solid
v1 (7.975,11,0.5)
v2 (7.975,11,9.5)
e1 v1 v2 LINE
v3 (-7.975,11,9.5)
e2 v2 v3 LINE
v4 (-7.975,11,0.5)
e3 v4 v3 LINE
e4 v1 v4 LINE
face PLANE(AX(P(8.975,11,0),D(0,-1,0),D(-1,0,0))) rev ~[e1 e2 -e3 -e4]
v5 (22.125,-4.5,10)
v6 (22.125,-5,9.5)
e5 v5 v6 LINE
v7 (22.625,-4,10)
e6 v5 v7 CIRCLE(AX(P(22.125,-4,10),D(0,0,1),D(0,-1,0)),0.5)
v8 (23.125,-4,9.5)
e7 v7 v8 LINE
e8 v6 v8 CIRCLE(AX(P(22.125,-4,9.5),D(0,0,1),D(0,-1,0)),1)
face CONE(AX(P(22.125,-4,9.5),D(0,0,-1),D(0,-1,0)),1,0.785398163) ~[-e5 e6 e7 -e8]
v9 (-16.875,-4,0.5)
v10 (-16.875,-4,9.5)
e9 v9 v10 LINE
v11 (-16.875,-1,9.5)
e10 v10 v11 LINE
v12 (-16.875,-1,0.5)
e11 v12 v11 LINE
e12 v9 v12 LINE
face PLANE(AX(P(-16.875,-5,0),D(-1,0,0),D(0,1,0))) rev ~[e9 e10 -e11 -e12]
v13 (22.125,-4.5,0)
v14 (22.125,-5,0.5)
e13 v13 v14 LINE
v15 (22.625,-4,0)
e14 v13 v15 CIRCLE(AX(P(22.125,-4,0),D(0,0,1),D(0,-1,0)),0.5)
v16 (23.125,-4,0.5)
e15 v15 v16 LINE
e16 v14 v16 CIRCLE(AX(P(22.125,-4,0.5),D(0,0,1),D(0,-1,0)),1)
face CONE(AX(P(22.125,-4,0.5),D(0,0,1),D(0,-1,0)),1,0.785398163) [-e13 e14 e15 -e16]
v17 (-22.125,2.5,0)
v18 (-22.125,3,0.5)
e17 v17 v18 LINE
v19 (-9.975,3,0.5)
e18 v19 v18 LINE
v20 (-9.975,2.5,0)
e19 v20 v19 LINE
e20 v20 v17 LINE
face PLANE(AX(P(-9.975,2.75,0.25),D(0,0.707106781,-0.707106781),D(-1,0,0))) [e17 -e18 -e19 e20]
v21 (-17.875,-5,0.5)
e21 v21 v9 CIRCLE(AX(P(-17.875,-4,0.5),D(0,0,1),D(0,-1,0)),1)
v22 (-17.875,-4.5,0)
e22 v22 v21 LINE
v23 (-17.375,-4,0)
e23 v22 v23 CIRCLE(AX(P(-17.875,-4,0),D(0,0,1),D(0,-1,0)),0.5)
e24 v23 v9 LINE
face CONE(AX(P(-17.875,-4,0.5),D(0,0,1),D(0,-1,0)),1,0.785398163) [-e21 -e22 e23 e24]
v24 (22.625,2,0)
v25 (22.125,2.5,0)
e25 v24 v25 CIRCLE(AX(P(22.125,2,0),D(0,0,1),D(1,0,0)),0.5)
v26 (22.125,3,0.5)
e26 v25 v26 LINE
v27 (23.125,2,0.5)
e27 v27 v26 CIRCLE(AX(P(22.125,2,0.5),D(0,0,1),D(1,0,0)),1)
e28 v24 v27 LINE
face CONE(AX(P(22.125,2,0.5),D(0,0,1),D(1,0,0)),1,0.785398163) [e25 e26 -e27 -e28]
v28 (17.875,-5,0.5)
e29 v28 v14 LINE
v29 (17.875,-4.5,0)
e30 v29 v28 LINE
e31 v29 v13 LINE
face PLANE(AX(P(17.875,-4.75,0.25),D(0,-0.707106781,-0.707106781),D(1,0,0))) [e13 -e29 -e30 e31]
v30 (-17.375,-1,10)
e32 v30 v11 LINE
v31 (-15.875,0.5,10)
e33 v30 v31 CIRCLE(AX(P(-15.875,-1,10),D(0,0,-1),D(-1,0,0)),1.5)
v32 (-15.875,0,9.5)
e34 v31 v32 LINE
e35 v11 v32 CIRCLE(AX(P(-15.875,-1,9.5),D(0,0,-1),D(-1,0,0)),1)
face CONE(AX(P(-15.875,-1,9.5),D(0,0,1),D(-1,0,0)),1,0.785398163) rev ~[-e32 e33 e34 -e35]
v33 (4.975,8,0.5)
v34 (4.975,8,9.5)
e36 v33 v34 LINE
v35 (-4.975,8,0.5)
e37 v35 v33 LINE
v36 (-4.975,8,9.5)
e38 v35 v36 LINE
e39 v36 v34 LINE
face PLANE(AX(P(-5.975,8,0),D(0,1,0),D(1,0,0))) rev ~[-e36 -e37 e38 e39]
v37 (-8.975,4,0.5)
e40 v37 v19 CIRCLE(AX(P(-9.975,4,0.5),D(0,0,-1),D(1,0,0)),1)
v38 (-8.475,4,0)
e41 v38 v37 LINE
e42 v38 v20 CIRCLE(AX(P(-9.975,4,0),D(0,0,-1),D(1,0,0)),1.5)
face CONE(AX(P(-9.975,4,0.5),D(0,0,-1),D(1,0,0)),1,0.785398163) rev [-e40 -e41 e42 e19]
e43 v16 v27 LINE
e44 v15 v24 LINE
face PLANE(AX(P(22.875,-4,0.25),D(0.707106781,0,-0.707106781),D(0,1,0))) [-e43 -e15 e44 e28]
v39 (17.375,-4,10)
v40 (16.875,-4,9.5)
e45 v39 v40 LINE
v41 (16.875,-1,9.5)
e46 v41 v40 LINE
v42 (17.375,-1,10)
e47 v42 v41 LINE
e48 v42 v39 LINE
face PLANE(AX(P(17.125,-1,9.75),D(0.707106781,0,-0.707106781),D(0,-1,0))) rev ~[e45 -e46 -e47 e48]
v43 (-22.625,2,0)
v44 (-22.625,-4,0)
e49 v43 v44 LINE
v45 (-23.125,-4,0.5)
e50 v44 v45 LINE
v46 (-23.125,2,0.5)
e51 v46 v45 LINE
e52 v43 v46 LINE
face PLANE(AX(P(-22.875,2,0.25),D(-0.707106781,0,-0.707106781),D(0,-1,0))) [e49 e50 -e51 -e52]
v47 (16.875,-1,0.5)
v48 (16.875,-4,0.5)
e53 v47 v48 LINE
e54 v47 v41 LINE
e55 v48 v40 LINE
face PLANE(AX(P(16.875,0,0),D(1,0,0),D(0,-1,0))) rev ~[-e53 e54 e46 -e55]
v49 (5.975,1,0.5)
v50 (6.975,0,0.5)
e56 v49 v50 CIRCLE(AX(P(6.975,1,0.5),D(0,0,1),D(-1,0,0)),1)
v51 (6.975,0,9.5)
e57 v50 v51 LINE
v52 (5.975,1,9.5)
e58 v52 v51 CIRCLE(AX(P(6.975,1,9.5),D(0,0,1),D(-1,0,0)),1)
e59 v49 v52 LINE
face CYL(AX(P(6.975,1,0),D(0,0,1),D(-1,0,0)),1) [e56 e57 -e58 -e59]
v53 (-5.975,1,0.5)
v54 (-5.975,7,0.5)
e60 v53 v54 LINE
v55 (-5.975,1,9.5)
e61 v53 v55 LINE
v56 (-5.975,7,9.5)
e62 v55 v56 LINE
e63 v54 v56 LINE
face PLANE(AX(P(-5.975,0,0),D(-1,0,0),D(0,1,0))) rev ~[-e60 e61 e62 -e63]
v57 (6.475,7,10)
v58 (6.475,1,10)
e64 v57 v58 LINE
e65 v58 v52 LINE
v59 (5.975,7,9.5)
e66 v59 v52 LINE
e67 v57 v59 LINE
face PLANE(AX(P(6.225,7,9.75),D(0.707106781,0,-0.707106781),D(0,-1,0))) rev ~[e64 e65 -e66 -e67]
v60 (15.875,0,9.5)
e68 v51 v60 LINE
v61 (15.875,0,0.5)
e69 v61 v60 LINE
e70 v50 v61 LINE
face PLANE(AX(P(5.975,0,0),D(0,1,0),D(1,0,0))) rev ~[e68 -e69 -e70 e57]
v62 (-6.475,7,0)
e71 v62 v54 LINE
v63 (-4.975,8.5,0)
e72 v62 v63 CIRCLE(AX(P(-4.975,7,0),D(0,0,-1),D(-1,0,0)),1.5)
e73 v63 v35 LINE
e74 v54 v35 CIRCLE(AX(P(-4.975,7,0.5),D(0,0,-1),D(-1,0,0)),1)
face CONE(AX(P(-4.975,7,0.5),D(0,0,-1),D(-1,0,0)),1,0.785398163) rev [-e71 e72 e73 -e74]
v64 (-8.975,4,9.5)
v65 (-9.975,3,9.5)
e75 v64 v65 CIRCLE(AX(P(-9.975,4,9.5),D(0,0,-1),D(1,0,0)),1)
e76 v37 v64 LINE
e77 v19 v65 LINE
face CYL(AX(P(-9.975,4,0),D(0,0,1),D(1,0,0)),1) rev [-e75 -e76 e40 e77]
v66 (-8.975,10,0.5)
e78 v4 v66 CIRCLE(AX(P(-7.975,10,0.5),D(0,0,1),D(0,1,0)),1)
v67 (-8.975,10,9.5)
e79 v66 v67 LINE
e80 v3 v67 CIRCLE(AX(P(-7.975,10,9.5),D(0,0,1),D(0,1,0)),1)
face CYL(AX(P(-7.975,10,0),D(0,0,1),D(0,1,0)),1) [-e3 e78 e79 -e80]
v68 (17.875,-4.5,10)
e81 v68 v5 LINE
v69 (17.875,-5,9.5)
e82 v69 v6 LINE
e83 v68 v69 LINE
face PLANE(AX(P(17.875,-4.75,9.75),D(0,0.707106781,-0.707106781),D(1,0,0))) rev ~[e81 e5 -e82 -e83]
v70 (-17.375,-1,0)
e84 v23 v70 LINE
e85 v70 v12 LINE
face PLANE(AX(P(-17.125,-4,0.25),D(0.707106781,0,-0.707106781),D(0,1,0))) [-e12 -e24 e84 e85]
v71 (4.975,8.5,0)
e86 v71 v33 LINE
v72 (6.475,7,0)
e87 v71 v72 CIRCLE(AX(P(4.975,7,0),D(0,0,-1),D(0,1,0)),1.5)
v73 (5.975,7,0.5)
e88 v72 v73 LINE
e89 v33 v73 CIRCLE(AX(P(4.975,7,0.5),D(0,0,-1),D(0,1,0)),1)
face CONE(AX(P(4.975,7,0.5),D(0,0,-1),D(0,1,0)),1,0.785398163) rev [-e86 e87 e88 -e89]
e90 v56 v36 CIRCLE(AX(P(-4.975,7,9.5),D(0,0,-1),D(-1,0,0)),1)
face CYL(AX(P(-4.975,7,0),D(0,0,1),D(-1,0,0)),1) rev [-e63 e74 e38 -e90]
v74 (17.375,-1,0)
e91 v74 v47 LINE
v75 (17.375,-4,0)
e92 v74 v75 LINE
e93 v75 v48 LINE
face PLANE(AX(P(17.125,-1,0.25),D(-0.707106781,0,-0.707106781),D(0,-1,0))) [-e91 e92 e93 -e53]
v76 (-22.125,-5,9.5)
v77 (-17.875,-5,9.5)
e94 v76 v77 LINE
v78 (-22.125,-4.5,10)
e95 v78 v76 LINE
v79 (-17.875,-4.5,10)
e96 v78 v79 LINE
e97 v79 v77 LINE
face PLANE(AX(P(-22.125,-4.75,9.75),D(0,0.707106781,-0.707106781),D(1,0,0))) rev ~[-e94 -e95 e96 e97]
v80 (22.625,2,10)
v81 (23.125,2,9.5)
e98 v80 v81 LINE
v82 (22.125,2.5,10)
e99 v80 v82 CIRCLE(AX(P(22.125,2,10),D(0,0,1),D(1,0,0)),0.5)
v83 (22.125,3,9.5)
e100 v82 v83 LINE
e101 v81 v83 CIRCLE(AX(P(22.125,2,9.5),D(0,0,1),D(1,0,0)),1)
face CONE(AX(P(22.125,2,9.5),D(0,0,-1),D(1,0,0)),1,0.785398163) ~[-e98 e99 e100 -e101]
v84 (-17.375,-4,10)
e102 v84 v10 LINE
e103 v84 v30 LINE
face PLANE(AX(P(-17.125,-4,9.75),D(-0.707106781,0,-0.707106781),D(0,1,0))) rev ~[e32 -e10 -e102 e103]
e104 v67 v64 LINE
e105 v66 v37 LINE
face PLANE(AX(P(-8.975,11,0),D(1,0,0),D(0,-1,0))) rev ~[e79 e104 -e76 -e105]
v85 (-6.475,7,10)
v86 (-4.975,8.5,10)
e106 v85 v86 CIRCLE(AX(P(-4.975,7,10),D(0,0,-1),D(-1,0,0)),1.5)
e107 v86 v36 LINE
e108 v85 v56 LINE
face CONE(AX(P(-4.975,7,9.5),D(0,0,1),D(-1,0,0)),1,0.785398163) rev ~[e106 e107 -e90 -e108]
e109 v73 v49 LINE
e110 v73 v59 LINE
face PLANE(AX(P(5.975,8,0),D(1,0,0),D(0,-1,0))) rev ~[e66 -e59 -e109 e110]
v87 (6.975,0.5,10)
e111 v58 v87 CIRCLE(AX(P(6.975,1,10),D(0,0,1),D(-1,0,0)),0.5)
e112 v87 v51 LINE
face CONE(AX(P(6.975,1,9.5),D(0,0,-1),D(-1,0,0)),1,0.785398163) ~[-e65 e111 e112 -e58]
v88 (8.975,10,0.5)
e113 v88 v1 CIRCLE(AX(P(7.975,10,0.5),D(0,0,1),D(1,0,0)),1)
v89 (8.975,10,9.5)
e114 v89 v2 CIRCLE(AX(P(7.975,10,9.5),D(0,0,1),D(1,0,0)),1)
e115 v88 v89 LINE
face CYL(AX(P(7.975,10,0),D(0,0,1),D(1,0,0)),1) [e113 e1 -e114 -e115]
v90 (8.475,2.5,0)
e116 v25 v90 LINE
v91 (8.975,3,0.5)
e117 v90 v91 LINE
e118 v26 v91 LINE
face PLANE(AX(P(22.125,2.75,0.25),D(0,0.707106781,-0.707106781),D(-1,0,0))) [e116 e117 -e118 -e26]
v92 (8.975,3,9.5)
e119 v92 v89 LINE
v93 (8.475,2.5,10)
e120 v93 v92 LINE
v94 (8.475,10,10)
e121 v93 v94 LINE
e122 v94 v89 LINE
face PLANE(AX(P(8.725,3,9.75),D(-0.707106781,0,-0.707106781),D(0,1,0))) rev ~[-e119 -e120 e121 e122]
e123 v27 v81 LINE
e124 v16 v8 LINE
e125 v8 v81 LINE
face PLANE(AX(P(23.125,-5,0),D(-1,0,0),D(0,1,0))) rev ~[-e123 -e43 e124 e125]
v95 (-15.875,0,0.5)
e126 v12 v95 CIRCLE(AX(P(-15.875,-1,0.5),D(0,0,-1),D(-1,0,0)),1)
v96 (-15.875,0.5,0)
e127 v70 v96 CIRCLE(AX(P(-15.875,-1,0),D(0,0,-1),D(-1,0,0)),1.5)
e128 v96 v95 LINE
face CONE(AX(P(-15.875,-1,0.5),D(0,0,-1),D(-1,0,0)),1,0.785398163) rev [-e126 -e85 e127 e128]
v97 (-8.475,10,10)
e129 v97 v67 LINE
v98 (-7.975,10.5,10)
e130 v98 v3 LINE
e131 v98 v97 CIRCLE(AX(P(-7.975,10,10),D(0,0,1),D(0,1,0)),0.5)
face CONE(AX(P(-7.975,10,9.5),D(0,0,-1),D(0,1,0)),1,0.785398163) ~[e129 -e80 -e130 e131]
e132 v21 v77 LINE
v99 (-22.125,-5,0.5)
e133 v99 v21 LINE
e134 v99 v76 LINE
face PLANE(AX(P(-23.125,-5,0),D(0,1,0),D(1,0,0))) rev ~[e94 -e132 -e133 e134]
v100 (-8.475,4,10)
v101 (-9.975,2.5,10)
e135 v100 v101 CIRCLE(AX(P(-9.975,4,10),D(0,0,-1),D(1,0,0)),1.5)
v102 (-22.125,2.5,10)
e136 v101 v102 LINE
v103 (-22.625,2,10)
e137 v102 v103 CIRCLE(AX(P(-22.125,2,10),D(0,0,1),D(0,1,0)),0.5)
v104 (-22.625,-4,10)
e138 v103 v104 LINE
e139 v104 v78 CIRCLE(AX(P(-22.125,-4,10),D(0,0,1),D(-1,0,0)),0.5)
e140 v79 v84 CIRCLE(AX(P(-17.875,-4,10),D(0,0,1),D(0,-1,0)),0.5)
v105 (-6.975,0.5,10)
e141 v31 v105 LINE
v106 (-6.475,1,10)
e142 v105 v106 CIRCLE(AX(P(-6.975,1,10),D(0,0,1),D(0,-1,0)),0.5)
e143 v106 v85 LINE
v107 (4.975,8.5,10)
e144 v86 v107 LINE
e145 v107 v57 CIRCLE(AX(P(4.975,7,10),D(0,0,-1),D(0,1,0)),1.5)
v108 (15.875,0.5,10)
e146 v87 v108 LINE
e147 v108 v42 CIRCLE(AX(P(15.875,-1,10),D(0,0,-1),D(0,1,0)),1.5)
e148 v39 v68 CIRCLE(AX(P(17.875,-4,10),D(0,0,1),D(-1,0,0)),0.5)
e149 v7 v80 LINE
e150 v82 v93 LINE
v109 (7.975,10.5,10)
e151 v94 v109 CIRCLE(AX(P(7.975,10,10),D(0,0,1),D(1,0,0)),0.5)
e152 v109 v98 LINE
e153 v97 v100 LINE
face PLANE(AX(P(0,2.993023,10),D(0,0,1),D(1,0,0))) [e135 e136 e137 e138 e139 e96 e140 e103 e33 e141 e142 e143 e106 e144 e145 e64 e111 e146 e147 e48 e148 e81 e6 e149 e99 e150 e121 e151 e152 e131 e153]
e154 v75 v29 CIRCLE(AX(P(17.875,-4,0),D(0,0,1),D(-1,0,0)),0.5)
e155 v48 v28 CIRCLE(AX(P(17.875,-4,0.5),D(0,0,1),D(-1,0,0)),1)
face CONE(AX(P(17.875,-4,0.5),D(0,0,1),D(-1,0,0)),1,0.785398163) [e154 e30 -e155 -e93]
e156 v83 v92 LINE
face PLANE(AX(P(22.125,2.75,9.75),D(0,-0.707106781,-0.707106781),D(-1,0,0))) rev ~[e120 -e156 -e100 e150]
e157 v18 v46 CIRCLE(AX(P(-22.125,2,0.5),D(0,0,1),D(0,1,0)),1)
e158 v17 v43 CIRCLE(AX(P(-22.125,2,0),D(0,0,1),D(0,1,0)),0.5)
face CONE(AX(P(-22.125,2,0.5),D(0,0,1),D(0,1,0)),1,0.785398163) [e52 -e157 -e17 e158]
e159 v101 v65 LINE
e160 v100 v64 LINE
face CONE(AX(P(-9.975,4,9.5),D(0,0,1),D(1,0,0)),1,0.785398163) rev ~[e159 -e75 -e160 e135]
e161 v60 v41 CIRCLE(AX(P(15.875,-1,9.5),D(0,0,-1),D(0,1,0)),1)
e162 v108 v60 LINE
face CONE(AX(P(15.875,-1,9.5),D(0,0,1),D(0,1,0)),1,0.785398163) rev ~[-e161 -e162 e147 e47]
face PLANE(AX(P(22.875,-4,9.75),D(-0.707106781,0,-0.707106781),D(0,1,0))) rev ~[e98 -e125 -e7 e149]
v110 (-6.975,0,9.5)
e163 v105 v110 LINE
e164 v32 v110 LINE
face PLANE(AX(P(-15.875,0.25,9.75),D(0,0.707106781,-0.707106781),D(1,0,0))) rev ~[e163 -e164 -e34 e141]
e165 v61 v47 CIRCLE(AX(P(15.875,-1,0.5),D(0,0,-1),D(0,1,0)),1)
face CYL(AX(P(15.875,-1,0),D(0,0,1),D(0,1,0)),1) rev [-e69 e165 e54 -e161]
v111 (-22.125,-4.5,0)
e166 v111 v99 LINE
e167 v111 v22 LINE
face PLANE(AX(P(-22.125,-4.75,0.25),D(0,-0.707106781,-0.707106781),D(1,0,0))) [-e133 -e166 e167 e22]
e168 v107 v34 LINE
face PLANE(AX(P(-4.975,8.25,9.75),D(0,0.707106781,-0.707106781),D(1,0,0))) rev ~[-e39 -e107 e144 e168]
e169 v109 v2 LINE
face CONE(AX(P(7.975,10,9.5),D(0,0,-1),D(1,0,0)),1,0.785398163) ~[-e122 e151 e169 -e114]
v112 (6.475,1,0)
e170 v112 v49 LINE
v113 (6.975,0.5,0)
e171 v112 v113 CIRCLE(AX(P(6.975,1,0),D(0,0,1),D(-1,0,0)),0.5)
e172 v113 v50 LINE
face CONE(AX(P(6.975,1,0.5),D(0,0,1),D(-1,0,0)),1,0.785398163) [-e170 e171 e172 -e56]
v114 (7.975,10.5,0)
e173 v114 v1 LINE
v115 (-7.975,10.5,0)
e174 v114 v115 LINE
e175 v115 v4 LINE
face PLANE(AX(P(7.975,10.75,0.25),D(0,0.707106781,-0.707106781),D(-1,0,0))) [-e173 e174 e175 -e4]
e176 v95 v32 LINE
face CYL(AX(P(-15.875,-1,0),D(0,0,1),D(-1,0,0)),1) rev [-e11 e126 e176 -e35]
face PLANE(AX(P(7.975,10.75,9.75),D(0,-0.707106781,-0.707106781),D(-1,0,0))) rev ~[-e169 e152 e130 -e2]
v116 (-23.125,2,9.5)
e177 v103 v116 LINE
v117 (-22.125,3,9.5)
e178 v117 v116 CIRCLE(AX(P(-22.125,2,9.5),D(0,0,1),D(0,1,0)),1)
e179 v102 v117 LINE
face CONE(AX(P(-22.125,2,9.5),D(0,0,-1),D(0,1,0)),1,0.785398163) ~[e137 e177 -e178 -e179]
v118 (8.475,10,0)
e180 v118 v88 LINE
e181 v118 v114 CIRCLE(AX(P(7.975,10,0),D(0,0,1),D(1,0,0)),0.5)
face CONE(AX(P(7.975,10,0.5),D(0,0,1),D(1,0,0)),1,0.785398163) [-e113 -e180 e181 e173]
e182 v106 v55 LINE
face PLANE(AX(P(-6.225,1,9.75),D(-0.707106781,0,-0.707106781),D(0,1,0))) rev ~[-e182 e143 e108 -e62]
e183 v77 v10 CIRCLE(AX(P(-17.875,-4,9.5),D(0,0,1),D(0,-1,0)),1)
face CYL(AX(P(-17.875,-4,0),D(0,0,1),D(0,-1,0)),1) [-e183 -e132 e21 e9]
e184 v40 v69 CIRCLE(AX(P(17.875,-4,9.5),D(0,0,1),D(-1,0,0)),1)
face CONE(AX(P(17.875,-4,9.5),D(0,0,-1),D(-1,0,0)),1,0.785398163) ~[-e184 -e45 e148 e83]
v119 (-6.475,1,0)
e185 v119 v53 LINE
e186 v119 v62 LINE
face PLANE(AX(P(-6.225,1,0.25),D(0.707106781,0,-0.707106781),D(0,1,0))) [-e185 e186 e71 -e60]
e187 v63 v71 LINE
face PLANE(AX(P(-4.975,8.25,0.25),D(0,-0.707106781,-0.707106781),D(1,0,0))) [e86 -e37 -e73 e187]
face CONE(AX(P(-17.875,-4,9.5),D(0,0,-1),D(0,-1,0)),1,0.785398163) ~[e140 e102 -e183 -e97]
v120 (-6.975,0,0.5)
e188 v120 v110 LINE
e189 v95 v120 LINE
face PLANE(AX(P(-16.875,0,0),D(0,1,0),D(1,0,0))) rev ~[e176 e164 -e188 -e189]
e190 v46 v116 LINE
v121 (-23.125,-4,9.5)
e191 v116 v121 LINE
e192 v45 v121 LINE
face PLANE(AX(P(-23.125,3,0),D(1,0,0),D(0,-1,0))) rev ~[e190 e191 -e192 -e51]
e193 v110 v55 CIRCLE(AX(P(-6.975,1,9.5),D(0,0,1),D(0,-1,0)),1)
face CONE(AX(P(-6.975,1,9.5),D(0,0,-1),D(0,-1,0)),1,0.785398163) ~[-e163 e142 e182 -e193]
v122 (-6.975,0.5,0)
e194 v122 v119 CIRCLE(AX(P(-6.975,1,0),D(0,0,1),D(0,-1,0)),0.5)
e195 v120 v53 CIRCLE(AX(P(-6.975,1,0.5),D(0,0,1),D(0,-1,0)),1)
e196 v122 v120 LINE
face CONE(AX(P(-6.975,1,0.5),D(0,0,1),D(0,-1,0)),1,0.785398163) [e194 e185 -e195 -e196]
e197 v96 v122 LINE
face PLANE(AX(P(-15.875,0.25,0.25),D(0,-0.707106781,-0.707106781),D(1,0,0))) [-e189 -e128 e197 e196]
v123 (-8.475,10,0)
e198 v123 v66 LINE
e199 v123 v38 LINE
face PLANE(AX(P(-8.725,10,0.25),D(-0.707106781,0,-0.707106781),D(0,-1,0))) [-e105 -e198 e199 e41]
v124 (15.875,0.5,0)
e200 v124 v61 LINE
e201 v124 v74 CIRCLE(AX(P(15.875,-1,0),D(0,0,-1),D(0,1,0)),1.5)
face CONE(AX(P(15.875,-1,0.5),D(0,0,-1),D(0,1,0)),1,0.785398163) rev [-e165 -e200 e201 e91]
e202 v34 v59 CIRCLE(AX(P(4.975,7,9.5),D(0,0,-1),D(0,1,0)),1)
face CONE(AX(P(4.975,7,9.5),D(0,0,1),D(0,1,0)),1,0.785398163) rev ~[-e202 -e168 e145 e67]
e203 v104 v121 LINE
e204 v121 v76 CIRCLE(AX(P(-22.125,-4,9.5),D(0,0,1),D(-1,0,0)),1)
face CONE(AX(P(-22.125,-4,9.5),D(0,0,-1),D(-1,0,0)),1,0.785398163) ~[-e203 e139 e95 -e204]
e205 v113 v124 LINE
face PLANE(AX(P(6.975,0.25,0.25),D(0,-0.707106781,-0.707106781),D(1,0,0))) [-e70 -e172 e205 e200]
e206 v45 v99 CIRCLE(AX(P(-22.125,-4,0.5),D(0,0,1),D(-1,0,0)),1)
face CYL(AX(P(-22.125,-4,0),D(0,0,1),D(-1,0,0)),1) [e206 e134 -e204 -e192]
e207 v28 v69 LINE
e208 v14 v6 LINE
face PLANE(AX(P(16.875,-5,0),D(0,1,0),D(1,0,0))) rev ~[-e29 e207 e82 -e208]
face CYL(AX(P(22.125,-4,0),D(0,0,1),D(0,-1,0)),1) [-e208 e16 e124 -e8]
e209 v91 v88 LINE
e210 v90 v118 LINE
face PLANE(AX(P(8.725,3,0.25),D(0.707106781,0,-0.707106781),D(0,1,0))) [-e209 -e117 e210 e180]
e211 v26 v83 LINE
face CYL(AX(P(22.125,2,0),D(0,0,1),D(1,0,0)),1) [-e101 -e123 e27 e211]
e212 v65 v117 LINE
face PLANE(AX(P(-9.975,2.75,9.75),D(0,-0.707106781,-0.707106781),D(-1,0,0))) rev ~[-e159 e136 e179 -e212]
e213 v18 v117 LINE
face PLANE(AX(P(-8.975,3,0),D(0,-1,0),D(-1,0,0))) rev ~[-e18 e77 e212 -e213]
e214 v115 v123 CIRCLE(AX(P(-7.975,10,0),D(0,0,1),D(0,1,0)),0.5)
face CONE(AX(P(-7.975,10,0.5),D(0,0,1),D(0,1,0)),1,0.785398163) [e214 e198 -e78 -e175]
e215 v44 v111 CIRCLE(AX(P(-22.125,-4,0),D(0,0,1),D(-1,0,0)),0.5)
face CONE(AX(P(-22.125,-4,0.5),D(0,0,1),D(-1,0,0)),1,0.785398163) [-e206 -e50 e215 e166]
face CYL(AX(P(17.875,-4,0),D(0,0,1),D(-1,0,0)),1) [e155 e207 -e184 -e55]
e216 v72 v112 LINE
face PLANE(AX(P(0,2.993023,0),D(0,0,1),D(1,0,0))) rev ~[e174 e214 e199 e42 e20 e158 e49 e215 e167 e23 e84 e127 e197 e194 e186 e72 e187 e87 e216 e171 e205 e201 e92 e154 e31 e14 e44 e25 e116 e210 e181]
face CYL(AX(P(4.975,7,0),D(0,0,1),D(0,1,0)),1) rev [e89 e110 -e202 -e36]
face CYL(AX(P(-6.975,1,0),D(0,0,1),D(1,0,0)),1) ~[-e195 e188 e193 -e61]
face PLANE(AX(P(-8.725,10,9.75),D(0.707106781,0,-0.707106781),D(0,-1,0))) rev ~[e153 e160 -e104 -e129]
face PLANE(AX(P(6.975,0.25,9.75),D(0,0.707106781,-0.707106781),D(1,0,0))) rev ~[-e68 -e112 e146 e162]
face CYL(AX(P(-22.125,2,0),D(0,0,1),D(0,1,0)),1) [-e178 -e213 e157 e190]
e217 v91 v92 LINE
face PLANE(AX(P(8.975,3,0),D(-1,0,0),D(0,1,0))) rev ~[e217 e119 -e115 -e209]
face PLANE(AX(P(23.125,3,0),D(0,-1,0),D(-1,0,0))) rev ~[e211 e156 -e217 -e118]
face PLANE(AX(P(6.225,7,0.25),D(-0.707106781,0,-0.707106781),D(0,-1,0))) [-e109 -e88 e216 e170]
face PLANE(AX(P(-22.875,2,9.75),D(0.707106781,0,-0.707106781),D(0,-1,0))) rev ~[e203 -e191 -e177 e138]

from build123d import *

# Parameters (mm, degrees)
BOSS_EXTRUDE1_DEPTH = 10
FILLET1_R           = 1
CHAMFER1_SIZE       = 0.5


with BuildPart() as part:
    # Sketch1 → Boss-Extrude1 (new body)
    with BuildSketch(Plane.XY):
        Polygon((-5.975, 0), (-5.975, 8), (5.975, 8), (5.975, 0), (16.875, 0), (16.875, -5), (23.125, -5), (23.125, 0), (23.125, 3), (8.975, 3), (8.975, 11), (-8.975, 11), (-8.975, 3), (-23.125, 3), (-23.125, 0), (-23.125, -5), (-16.875, -5), (-16.875, 0), align=None)
    extrude(amount=BOSS_EXTRUDE1_DEPTH)

    # Fillet1
    fillet1_edges = [part.edges().sort_by_distance(p)[0] for p in [
        (-16.875, 0, 5),
        (-16.875, -5, 5),
        (-23.125, -5, 5),
        (-23.125, 3, 5),
        (-8.975, 3, 5),
        (-8.975, 11, 5),
        (8.975, 11, 5),
        (23.125, 3, 5),
        (23.125, -5, 5),
        (16.875, -5, 5),
        (16.875, 0, 5),
        (5.975, 0, 5),
        (5.975, 8, 5),
        (-5.975, 8, 5),
        (-5.975, 0, 5),
    ]]
    fillet(fillet1_edges, radius=FILLET1_R)

    # Chamfer1
    chamfer1_edges = [part.edges().sort_by_distance(p)[0] for p in [
        (16.582106781, -0.292893219, 0),
        (16.582106781, -0.292893219, 10),
        (-5.682106781, 7.707106781, 0),
        (-5.682106781, 7.707106781, 10),
        (5.682106781, 7.707106781, 0),
        (5.682106781, 7.707106781, 10),
        (-9.267893219, 3.292893219, 0),
        (-9.267893219, 3.292893219, 10),
        (-16.582106781, -0.292893219, 0),
        (-16.582106781, -0.292893219, 10),
        (8.975, 6.5, 0),
        (8.975, 6.5, 10),
        (15.55, 3, 0),
        (15.55, 3, 10),
        (-11.425, 0, 0),
        (-16.875, -2.5, 0),
        (-20, -5, 0),
        (-23.125, -1, 0),
        (-16.05, 3, 0),
        (-8.975, 7, 0),
        (0, 11, 0),
        (23.125, -1, 0),
        (20, -5, 0),
        (16.875, -2.5, 0),
        (11.425, 0, 0),
        (5.975, 4, 0),
        (0, 8, 0),
        (-5.975, 4, 0),
        (-22.832106781, -4.707106781, 0),
        (-17.167893219, -4.707106781, 0),
        (-22.832106781, 2.707106781, 0),
        (-8.682106781, 10.707106781, 0),
        (8.682106781, 10.707106781, 0),
        (-6.267893219, 0.292893219, 0),
        (6.267893219, 0.292893219, 0),
        (17.167893219, -4.707106781, 0),
        (22.832106781, -4.707106781, 0),
        (22.832106781, 2.707106781, 0),
        (23.125, -1, 10),
        (-11.425, 0, 10),
        (-5.975, 4, 10),
        (0, 8, 10),
        (5.975, 4, 10),
        (11.425, 0, 10),
        (16.875, -2.5, 10),
        (20, -5, 10),
        (0, 11, 10),
        (-8.975, 7, 10),
        (-16.05, 3, 10),
        (-23.125, -1, 10),
        (-20, -5, 10),
        (-16.875, -2.5, 10),
        (-22.832106781, -4.707106781, 10),
        (-17.167893219, -4.707106781, 10),
        (-22.832106781, 2.707106781, 10),
        (-8.682106781, 10.707106781, 10),
        (8.682106781, 10.707106781, 10),
        (-6.267893219, 0.292893219, 10),
        (6.267893219, 0.292893219, 10),
        (17.167893219, -4.707106781, 10),
        (22.832106781, -4.707106781, 10),
        (22.832106781, 2.707106781, 10),
    ]]
    chamfer(chamfer1_edges, length=CHAMFER1_SIZE)


solid = part.part
